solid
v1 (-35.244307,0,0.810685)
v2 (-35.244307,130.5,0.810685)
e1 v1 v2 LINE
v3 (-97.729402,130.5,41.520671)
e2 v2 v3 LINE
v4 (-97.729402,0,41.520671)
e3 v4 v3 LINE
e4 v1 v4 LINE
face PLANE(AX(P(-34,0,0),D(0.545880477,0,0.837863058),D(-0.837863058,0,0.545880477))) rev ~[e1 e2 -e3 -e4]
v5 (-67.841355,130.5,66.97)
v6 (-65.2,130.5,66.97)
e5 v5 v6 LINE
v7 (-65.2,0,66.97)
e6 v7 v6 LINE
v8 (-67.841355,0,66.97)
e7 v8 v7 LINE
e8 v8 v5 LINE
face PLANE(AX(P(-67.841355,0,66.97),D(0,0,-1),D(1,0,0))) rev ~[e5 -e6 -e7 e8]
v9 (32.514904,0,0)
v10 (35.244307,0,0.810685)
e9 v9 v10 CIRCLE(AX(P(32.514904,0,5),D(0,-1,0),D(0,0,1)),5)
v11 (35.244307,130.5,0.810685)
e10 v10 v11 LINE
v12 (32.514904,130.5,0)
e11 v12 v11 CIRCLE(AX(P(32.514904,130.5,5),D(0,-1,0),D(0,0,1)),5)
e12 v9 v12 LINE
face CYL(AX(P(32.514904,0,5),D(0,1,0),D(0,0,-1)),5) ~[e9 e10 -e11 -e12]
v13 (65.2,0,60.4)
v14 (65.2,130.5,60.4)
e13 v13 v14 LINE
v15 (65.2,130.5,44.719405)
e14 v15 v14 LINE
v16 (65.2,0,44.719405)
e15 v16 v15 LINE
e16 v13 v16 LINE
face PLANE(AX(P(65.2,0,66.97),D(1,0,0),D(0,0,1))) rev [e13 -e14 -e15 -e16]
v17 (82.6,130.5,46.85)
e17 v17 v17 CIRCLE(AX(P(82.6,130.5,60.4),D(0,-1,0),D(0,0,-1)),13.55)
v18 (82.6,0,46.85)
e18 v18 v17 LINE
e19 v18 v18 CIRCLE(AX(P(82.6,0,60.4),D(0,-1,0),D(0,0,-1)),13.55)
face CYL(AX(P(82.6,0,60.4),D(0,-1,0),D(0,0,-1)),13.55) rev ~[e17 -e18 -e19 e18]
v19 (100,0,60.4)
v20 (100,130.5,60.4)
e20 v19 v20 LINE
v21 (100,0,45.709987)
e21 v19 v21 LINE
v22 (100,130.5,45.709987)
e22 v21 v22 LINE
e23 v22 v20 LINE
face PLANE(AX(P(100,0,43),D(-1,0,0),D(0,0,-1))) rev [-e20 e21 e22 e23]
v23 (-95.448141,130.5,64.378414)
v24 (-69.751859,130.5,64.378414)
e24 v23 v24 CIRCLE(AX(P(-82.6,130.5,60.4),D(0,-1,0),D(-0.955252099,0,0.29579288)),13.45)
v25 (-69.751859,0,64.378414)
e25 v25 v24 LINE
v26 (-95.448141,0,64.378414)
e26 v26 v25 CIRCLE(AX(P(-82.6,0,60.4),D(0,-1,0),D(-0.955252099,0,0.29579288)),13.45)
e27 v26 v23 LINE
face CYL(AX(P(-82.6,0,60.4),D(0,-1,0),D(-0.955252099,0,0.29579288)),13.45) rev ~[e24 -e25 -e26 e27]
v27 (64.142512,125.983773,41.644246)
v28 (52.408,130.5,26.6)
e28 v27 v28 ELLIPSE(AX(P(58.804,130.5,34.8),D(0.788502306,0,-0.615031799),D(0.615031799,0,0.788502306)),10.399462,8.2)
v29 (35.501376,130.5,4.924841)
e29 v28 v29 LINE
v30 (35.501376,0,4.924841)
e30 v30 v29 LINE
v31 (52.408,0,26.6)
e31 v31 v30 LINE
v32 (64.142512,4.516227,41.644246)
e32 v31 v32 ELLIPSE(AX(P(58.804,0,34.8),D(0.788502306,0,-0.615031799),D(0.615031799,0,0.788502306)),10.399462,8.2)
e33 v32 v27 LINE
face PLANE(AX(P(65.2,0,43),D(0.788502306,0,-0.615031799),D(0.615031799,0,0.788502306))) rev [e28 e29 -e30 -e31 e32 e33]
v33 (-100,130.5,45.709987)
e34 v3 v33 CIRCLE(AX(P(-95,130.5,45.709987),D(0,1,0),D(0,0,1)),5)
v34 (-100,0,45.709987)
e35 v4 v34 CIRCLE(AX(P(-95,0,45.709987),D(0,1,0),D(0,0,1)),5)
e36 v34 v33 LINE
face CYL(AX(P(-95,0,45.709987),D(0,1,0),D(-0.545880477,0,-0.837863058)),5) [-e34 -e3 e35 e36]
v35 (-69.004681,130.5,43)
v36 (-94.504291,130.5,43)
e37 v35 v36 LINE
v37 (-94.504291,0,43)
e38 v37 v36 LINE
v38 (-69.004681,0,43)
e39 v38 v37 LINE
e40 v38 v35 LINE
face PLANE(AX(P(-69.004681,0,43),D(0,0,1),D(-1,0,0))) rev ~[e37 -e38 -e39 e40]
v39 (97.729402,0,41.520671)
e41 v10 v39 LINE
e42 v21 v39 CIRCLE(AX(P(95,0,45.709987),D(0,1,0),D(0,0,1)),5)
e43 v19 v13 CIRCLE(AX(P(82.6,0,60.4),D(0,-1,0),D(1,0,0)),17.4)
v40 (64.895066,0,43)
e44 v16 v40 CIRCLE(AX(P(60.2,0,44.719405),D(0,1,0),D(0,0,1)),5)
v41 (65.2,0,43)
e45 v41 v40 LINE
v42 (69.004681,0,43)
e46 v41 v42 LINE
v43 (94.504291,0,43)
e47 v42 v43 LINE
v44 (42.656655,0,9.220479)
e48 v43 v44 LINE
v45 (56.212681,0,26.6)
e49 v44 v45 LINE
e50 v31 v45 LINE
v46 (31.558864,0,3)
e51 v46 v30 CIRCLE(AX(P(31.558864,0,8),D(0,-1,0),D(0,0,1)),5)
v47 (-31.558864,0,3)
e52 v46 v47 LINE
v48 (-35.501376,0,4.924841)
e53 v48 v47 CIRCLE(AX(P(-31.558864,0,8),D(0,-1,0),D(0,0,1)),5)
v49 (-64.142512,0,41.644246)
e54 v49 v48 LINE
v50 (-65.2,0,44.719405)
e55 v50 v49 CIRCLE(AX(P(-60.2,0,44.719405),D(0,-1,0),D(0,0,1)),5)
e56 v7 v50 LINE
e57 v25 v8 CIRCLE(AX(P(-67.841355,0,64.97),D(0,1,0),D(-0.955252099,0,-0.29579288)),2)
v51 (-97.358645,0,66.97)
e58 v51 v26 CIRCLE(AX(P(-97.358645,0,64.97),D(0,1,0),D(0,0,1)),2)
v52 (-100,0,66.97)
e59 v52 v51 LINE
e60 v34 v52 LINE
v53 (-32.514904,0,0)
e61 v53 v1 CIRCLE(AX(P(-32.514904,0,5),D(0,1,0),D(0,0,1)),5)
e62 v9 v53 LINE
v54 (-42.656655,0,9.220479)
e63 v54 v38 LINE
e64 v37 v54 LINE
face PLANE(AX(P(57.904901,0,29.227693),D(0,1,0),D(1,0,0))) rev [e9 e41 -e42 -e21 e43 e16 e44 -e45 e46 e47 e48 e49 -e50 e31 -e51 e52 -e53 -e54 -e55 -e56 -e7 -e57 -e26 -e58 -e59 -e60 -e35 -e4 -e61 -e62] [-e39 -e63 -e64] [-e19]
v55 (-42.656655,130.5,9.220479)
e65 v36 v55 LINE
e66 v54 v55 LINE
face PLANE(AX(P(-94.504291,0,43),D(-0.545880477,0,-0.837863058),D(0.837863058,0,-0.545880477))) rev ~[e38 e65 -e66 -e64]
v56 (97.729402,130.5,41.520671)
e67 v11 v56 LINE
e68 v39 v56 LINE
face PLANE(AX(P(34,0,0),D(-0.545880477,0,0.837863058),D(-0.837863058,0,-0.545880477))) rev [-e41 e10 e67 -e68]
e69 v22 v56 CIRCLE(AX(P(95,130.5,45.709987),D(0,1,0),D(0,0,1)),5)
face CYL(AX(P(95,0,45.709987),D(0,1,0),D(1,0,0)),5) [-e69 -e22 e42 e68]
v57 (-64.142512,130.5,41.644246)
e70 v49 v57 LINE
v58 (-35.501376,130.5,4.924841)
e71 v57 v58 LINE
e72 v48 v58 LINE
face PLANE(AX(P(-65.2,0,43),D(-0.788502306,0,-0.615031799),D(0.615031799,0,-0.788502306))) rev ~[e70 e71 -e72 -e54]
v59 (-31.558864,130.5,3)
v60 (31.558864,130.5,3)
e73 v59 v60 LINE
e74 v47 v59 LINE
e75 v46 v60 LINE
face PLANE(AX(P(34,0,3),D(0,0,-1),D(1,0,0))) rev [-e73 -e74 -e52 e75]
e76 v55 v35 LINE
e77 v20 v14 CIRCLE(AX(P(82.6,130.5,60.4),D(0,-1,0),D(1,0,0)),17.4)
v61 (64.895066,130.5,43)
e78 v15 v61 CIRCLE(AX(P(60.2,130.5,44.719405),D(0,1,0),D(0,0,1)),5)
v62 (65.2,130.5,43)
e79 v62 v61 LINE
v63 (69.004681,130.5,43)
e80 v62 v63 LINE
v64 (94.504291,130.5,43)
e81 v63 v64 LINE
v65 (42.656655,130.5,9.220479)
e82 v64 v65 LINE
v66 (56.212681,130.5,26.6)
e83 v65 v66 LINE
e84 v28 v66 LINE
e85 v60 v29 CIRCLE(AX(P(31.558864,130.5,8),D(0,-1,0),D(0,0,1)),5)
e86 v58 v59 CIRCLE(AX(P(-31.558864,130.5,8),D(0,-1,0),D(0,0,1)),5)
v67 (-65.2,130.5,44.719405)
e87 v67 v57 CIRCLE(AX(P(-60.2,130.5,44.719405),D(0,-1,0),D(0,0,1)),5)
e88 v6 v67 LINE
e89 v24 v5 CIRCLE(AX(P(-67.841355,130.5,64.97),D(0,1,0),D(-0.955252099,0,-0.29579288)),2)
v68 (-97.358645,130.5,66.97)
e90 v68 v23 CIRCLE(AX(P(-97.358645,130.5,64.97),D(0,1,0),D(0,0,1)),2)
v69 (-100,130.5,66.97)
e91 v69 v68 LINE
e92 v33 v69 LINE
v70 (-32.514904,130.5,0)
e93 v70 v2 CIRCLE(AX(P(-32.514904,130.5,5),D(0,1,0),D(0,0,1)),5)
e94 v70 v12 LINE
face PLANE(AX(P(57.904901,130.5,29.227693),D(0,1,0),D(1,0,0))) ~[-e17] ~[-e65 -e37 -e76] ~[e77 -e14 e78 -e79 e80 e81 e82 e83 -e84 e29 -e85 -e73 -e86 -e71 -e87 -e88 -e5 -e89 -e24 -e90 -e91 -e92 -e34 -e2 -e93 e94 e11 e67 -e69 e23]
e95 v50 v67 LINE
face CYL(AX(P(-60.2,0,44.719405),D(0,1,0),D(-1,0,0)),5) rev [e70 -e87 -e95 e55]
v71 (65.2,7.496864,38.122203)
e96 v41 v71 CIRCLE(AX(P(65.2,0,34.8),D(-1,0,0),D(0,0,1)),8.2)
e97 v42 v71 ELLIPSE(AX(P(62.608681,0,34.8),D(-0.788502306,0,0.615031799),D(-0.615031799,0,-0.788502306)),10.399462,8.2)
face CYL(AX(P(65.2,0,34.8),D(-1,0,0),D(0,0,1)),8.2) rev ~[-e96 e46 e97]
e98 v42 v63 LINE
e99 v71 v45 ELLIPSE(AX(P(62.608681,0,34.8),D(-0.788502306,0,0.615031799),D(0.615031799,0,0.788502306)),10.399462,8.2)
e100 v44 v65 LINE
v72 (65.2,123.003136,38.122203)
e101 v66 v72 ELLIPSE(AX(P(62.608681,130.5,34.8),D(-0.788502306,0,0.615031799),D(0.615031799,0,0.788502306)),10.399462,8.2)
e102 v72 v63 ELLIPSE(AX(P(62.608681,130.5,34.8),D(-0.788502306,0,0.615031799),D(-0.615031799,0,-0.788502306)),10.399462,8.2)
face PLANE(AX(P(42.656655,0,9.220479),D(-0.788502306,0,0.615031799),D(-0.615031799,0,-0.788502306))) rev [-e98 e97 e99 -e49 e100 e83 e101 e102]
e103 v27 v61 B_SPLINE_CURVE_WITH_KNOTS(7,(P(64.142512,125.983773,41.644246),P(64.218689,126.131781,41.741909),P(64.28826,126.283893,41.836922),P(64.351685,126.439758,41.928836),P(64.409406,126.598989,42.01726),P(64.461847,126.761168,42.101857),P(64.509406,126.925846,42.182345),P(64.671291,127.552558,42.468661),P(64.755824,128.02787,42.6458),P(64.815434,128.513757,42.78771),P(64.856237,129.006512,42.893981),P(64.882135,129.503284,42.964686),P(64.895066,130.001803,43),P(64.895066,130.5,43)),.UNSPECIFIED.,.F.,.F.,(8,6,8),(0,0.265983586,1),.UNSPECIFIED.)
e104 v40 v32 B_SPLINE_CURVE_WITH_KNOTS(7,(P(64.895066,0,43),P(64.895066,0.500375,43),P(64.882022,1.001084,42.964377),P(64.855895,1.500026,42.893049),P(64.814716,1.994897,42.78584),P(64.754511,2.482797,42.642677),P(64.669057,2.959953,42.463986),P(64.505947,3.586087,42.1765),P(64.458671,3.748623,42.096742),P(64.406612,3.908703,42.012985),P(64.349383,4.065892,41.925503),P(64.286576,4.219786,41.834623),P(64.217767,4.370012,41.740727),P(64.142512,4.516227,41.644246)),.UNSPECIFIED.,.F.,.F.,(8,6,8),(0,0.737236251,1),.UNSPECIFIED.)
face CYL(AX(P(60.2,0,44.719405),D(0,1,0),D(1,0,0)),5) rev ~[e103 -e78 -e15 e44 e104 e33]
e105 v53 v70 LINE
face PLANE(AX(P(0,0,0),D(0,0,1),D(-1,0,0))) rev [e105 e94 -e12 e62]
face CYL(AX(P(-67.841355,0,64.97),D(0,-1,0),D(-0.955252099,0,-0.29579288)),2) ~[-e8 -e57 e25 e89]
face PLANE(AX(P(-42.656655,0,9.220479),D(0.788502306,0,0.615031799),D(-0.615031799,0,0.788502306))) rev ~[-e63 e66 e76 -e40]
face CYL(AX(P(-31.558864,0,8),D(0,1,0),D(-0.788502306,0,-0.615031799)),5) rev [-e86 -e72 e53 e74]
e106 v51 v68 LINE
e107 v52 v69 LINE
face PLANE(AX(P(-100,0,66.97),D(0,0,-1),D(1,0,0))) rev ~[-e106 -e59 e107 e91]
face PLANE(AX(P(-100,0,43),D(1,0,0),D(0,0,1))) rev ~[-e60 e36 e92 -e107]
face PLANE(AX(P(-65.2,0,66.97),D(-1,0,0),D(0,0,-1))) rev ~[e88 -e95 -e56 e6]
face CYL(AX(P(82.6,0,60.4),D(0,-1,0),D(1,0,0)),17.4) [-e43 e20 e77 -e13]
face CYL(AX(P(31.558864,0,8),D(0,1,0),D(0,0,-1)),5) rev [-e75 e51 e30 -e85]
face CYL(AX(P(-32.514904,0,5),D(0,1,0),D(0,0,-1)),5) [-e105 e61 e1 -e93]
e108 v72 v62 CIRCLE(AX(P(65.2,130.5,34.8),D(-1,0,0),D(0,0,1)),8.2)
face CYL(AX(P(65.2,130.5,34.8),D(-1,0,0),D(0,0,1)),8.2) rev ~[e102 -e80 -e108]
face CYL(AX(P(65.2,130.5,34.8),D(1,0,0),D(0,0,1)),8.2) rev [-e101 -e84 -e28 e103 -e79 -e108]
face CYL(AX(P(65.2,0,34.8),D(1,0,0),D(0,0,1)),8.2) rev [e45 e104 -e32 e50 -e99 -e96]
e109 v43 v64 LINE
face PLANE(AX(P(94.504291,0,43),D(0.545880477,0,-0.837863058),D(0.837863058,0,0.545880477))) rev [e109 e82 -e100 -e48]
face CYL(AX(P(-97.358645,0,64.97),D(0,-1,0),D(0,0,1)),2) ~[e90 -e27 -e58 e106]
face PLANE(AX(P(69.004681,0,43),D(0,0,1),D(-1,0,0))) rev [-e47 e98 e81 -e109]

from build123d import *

# Parameters (mm, degrees)
BOSS_EXTRUDE1_DEPTH            = 130.5
SKETCH4_W                      = 34.8
SKETCH4_H                      = 34.8
SKETCH4_R                      = 13.45
BOSS_EXTRUDE2_DEPTH            = 130.5
FILLET1_R                      = 5
CUT_EXTRUDE4_DEPTH             = 182.887575167
CUT_EXTRUDE5_REACH             = 226.442
SKETCH7_R                      = 8.2
CUT_EXTRUDE5_DIRECTION_2_REACH = 226.442
SKETCH8_R                      = 13.55
CUT_EXTRUDE6_DEPTH             = 182.887575238


with BuildPart() as part:
    # Sketch1 → Boss-Extrude1 (new body)
    with BuildSketch(Plane(origin=(0, 0, 0), x_dir=(1, 0, 0), z_dir=(0, 1, 0))):
        with BuildLine():
            Line((0, 0), (-34, 0))
            Line((-34, 0), (-100, -43))
            Line((-100, -43), (-100, -66.97))
            Line((-100, -66.97), (-97.358644924, -66.97))
            ThreePointArc((-97.358644924, -66.97), (-95.748804634, -66.156766295), (-95.448140727, -64.378414239))
            ThreePointArc((-95.448140727, -64.378414239), (-82.6, -46.95), (-69.751859273, -64.378414239))
            ThreePointArc((-69.751859273, -64.378414239), (-69.451195366, -66.156766295), (-67.841355076, -66.97))
            Line((-67.841355076, -66.97), (-65.2, -66.97))
            Line((-65.2, -66.97), (-65.2, -43))
            Line((-65.2, -43), (-34, -3))
            Line((-34, -3), (0, -3))
            Line((0, -3), (0, 0))
        make_face()
        Polygon((-69.004681327, -43), (-94.504291462, -43), (-42.656655328, -9.220479488), align=None, mode=Mode.SUBTRACT)
    boss_extrude1 = extrude(amount=BOSS_EXTRUDE1_DEPTH)

    # Mirror1: Boss-Extrude1 across plane
    add(boss_extrude1.mirror(Plane(origin=(0, 130.5, 3), x_dir=(0, 0, 1), z_dir=(-1, 0, 0))))

    # Sketch4 → Boss-Extrude2 (add)
    with BuildSketch(Plane.XZ):
        with Locations((82.6, 60.4)):
            Rectangle(SKETCH4_W, SKETCH4_H)
        with Locations(Location((82.6, 60.4, 0), (0, 0, 270))):
            Circle(SKETCH4_R, mode=Mode.SUBTRACT)
    extrude(amount=-BOSS_EXTRUDE2_DEPTH)

    # Fillet1
    fillet1_edges = [part.edges().sort_by_distance(p)[0] for p in [
        (-34, 65.25, 3),
        (-65.2, 65.25, 43),
        (-100, 65.25, 43),
        (-34, 65.25, 0),
        (34, 65.25, 3),
        (65.2, 65.25, 43),
        (100, 65.25, 43),
        (34, 65.25, 0),
    ]]
    fillet(fillet1_edges, radius=FILLET1_R)

    # Sketch5 → Cut-Extrude4 (cut, through all)
    with BuildSketch(Plane.XZ):
        with BuildLine():
            Line((65.2, 60.4), (65.2, 77.8))
            Line((65.2, 77.8), (83.070170915, 82.404410021))
            Line((83.070170915, 82.404410021), (100, 77.8))
            Line((100, 77.8), (100, 60.4))
            ThreePointArc((100, 60.4), (82.6, 77.8), (65.2, 60.4))
        make_face()
    extrude(amount=-CUT_EXTRUDE4_DEPTH, mode=Mode.SUBTRACT)

    # Sketch7 → Cut-Extrude5 (cut, up to next)
    with BuildSketch(Plane.ZY.offset(-65.2), mode=Mode.PRIVATE) as cut_extrude5_sk1:
        with Locations((34.8, 0)):
            Circle(SKETCH7_R)
    cut_extrude5_tool1 = extrude(cut_extrude5_sk1.sketch, amount=-CUT_EXTRUDE5_REACH, mode=Mode.PRIVATE) & part.part
    # Sketch7 → Cut-Extrude5 (cut, up to next)
    with BuildSketch(Plane.ZY.offset(-65.2), mode=Mode.PRIVATE) as cut_extrude5_sk2:
        with Locations((34.8, 130.5)):
            Circle(SKETCH7_R)
    cut_extrude5_tool2 = extrude(cut_extrude5_sk2.sketch, amount=-CUT_EXTRUDE5_REACH, mode=Mode.PRIVATE) & part.part
    add(cut_extrude5_tool1.solids().sort_by_distance((65.2, 0, 34.8))[0], mode=Mode.SUBTRACT)
    add(cut_extrude5_tool2.solids().sort_by_distance((65.2, 130.5, 34.8))[0], mode=Mode.SUBTRACT)

    # Sketch7 → Cut-Extrude5 direction 2 (cut, up to next)
    with BuildSketch(Plane.ZY.offset(-65.2), mode=Mode.PRIVATE) as cut_extrude5_direction_2_sk1:
        with Locations((34.8, 0)):
            Circle(SKETCH7_R)
    cut_extrude5_direction_2_tool1 = extrude(cut_extrude5_direction_2_sk1.sketch, amount=CUT_EXTRUDE5_DIRECTION_2_REACH, mode=Mode.PRIVATE) & part.part
    # Sketch7 → Cut-Extrude5 direction 2 (cut, up to next)
    with BuildSketch(Plane.ZY.offset(-65.2), mode=Mode.PRIVATE) as cut_extrude5_direction_2_sk2:
        with Locations((34.8, 130.5)):
            Circle(SKETCH7_R)
    cut_extrude5_direction_2_tool2 = extrude(cut_extrude5_direction_2_sk2.sketch, amount=CUT_EXTRUDE5_DIRECTION_2_REACH, mode=Mode.PRIVATE) & part.part
    add(cut_extrude5_direction_2_tool1.solids().sort_by_distance((65.2, 0, 34.8))[0], mode=Mode.SUBTRACT)
    add(cut_extrude5_direction_2_tool2.solids().sort_by_distance((65.2, 130.5, 34.8))[0], mode=Mode.SUBTRACT)

    # Sketch8 → Cut-Extrude6 (cut, through all)
    with BuildSketch(Plane.XZ):
        with Locations(Location((82.6, 60.4, 0), (0, 0, 270))):
            Circle(SKETCH8_R)
    extrude(amount=-CUT_EXTRUDE6_DEPTH, mode=Mode.SUBTRACT)


solid = part.part
